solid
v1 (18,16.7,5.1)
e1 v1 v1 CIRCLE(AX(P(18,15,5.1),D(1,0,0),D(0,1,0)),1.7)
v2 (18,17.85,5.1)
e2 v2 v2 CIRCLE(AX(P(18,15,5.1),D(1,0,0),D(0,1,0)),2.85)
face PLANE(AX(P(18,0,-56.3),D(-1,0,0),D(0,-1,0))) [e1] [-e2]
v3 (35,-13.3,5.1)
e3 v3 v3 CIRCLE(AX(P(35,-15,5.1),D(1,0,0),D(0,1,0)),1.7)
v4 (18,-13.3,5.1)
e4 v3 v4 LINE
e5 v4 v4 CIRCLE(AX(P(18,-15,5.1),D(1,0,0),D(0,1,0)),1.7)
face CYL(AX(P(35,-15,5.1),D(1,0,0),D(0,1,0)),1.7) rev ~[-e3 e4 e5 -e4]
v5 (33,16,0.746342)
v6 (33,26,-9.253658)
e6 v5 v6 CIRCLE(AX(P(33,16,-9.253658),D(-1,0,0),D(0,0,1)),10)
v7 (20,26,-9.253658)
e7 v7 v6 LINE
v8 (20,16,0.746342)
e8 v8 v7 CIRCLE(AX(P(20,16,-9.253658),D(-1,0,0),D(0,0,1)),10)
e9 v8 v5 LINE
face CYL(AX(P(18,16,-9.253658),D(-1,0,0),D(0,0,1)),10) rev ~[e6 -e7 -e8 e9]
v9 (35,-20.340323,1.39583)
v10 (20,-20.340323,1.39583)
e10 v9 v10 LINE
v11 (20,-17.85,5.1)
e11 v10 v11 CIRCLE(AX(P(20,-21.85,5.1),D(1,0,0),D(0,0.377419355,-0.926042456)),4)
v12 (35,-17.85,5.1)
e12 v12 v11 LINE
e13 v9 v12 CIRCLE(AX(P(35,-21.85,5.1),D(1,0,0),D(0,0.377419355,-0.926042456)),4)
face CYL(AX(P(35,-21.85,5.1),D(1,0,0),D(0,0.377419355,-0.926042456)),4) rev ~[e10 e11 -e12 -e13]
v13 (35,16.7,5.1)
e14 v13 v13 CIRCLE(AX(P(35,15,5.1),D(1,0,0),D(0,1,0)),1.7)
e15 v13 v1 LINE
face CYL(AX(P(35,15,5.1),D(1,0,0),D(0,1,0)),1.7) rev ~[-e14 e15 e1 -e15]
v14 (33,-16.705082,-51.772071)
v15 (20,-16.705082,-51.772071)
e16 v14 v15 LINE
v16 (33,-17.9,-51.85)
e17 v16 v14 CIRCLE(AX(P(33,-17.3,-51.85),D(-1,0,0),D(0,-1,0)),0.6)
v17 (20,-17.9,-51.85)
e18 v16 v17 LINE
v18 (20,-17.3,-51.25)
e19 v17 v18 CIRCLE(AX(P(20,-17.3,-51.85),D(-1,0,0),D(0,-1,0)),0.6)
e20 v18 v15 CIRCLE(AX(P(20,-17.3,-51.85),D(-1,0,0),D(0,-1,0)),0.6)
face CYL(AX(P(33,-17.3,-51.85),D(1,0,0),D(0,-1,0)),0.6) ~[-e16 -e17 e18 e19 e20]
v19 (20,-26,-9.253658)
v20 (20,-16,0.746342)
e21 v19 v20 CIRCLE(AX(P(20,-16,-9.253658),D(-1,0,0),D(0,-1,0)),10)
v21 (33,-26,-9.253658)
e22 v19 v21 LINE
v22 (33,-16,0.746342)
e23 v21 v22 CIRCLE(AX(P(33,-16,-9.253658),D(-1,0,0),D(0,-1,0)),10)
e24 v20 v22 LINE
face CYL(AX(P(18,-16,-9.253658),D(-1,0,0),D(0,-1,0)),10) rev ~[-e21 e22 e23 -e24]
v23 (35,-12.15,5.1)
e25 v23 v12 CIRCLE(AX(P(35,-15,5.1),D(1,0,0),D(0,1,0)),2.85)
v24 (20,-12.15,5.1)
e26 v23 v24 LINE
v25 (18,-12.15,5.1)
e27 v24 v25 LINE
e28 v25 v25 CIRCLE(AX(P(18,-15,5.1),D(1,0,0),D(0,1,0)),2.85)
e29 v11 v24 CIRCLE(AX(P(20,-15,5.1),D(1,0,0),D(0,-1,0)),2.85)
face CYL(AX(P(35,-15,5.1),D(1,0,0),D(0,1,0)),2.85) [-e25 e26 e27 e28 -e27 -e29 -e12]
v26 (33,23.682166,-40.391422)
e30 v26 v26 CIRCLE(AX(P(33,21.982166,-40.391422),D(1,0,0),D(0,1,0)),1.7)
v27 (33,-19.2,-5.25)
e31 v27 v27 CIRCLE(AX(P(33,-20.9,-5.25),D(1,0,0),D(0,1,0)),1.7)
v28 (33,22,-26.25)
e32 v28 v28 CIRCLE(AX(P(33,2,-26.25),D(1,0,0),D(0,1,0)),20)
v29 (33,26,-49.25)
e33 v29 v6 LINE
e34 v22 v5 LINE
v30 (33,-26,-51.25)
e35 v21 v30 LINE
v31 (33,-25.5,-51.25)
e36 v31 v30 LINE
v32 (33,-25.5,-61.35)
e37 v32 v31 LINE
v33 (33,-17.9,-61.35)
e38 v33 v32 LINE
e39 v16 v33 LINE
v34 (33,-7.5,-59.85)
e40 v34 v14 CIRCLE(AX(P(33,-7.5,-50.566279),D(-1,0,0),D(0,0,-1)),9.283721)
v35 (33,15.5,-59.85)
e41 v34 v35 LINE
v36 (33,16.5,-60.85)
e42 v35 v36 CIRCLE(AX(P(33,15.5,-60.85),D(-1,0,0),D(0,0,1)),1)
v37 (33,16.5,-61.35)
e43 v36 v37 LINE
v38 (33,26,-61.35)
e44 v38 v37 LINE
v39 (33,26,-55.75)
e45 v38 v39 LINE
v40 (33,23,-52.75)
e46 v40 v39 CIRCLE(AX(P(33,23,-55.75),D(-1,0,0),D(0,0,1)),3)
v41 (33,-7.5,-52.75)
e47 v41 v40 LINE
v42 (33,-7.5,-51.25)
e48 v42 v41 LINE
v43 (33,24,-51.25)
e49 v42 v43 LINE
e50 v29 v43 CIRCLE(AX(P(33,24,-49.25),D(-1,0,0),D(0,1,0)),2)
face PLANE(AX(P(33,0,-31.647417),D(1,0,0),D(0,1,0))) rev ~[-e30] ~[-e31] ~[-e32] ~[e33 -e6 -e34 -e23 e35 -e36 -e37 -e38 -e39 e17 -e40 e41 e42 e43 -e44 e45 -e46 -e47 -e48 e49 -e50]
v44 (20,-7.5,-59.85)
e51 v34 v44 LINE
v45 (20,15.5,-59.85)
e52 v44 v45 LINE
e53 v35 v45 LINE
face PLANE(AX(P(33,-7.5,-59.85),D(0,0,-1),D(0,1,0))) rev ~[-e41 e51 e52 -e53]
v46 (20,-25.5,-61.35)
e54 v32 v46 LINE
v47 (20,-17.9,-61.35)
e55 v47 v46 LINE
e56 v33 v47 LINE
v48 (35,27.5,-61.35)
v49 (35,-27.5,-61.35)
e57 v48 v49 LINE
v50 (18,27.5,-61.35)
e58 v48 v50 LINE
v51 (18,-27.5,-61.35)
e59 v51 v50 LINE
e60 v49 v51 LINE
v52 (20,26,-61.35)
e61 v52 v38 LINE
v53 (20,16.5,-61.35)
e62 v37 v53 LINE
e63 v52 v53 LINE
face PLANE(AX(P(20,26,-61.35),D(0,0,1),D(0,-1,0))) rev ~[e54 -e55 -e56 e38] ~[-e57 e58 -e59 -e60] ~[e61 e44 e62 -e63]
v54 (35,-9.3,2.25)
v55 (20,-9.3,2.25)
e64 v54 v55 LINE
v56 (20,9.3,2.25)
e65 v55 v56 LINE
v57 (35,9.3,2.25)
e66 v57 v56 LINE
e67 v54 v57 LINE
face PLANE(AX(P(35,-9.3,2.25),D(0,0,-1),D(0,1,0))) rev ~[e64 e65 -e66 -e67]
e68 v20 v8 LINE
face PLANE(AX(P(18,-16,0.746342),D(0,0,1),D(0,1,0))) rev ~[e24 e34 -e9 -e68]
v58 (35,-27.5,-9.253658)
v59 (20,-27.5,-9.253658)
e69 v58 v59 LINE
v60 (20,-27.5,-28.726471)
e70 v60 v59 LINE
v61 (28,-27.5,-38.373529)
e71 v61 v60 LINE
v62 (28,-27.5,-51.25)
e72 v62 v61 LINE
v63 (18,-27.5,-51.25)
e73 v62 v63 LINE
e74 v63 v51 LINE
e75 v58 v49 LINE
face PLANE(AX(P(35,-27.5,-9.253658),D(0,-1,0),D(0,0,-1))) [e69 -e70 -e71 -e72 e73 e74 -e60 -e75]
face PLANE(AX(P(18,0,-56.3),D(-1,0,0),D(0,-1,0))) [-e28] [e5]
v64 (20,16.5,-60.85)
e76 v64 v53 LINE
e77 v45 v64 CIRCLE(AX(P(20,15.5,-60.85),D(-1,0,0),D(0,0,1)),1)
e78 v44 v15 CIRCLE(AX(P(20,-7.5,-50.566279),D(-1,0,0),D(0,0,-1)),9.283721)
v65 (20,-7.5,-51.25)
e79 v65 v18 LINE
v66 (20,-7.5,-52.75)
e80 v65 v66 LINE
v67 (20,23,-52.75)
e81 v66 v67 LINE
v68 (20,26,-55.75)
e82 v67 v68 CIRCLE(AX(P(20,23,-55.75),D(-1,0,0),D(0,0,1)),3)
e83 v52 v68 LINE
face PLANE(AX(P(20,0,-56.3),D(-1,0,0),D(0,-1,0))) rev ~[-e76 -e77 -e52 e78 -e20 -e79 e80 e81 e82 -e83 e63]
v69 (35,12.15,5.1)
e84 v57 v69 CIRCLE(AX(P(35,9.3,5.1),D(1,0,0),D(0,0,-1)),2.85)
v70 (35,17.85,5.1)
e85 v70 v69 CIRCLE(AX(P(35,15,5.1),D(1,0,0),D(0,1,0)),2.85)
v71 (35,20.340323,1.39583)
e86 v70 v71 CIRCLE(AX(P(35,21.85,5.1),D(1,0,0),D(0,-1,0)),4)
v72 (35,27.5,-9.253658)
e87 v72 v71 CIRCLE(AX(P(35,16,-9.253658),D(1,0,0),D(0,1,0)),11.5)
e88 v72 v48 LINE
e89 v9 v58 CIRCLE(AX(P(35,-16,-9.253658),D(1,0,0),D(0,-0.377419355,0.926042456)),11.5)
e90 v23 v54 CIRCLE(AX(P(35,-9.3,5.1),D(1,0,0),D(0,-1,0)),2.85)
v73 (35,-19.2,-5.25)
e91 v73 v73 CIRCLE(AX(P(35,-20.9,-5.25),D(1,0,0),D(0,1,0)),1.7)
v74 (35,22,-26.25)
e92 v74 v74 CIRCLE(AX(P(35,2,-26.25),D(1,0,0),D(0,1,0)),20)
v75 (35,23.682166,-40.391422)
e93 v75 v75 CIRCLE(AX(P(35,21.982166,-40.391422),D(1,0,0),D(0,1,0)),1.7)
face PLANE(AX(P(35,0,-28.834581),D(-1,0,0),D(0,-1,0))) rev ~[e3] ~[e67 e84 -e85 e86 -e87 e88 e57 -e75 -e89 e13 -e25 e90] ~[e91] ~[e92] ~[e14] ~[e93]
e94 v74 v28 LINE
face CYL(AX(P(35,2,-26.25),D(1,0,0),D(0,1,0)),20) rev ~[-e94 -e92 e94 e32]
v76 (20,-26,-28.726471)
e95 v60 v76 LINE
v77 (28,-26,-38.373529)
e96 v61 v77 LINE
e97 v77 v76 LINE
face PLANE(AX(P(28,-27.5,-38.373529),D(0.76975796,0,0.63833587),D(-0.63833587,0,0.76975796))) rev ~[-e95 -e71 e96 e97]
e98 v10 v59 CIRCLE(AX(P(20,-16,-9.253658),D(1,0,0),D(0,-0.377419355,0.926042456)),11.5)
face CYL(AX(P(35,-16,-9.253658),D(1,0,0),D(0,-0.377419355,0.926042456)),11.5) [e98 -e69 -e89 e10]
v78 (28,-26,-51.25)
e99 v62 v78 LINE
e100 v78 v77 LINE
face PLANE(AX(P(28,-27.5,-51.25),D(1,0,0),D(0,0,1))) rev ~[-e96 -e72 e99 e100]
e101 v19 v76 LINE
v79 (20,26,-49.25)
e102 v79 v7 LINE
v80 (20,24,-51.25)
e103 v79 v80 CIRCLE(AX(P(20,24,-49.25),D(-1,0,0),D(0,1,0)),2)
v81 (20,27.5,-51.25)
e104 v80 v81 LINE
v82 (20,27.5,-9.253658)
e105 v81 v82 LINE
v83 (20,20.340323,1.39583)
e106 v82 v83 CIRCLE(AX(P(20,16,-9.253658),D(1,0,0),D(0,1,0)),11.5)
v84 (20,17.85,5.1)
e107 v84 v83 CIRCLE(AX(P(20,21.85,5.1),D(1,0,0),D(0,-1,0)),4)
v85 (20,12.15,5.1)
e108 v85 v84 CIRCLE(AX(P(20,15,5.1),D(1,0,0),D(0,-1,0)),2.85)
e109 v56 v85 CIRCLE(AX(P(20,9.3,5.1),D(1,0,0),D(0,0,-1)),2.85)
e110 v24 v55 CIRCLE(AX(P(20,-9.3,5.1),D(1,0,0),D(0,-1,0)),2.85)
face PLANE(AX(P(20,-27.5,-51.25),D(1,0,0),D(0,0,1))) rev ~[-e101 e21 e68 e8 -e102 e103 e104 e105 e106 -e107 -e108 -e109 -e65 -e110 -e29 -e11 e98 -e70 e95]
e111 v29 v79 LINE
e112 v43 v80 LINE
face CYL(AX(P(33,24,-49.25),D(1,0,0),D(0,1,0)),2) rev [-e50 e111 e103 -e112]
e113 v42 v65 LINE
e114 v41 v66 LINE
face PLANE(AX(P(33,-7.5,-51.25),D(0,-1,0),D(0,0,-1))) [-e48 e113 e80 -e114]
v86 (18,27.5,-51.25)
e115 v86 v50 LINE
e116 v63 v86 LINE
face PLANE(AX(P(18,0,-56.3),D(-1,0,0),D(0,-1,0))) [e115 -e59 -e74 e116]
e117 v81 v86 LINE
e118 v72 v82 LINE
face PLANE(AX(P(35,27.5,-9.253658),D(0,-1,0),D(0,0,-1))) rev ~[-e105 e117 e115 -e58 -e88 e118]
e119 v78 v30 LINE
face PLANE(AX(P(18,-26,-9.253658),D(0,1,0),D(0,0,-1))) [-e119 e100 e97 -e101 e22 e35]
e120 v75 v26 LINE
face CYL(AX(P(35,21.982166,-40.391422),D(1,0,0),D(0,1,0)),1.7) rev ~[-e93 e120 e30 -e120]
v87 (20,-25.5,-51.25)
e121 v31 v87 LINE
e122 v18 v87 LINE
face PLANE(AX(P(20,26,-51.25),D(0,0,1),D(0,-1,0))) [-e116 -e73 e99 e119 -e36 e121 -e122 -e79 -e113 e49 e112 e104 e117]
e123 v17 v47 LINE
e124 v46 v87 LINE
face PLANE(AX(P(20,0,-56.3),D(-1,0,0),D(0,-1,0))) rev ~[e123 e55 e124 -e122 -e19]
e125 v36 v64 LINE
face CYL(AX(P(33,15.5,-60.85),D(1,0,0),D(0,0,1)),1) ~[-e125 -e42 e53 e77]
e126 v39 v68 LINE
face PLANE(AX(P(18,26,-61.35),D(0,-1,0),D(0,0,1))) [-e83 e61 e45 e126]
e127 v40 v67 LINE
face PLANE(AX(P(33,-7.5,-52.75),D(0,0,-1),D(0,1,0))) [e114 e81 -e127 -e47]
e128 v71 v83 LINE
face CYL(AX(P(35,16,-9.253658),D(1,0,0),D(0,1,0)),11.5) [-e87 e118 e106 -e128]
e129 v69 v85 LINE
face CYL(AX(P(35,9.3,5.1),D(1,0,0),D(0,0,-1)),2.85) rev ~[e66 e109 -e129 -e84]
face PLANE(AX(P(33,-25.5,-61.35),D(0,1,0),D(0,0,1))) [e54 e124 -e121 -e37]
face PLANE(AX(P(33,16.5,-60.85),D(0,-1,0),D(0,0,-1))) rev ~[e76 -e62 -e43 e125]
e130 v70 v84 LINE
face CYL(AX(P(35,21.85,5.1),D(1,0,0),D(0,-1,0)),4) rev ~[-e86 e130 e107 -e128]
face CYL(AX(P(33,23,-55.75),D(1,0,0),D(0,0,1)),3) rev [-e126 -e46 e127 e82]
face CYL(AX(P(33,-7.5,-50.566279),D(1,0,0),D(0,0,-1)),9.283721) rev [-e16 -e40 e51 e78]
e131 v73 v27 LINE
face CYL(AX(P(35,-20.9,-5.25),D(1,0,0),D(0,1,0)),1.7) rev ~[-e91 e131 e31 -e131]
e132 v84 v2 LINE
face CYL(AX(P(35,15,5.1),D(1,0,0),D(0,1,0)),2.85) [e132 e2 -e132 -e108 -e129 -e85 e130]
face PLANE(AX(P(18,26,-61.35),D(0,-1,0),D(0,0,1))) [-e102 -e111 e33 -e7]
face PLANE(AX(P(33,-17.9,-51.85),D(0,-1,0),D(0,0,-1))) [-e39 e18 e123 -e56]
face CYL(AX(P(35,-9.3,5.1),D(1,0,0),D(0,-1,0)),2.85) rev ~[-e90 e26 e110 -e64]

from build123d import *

# Parameters (mm, degrees)
PAD014_DEPTH    = 17
POCKET010_DEPTH = 15
SKETCH035_R     = 1.7
SKETCH035_R_2   = 20
POCKET011_DEPTH = 17
SKETCH036_W     = 0.5
SKETCH036_H     = 10.1
PAD015_DEPTH    = 13
SKETCH037_W     = 52
SKETCH037_H     = 10.1
PAD016_DEPTH    = 2
SKETCH038_W     = 53.5
SKETCH038_H     = 2
POCKET012_DEPTH = 55
POCKET013_DEPTH = 2
POCKET014_DEPTH = 1.5


with BuildPart() as part:
    # Sketch033 → Pad014 (new body)
    with BuildSketch(Plane.YZ):
        with BuildLine():
            Line((27.5, -61.35), (-27.5, -61.35))
            Line((-27.5, -51.25), (-27.5, -61.35))
            Line((-27.5, -9.2536580703), (-27.5, -51.25))
            ThreePointArc((-20.3403225806, 1.3958301754), (-25.5436814091, -2.837417336), (-27.5, -9.2536580703))
            ThreePointArc((-20.3403225806, 1.3958301754), (-18.5304586403, 2.8682640924), (-17.85, 5.1))
            ThreePointArc((-12.15, 5.1), (-15, 7.95), (-17.85, 5.1))
            ThreePointArc((-12.15, 5.1), (-11.3152543264, 3.0847456736), (-9.3, 2.25))
            Line((-9.3, 2.25), (9.3, 2.25))
            ThreePointArc((9.3, 2.25), (11.3152543264, 3.0847456736), (12.15, 5.1))
            ThreePointArc((17.85, 5.1), (15, 7.95), (12.15, 5.1))
            ThreePointArc((17.85, 5.1), (18.5304586403, 2.8682640924), (20.3403225806, 1.3958301754))
            ThreePointArc((27.5, -9.2536580703), (25.5436814091, -2.837417336), (20.3403225806, 1.3958301754))
            Line((27.5, -9.2536580703), (27.5, -51.25))
            Line((27.5, -51.25), (27.5, -61.35))
        make_face()
    extrude(amount=-PAD014_DEPTH)

    # Sketch034 (on Face16 of Pad014) → Pocket010 (cut)
    with BuildSketch(Plane(origin=(-17, 0, 0), x_dir=(0, -1, 0), z_dir=(-1, 0, 0))):
        with BuildLine():
            Line((26, -9.2536580703), (26, -61.35))
            Line((-26, -61.35), (26, -61.35))
            Line((-26, -61.35), (-26, -9.2536580703))
            ThreePointArc((-16, 0.7463419297), (-23.0710678119, -2.1825902585), (-26, -9.2536580703))
            Line((16, 0.7463419297), (-16, 0.7463419297))
            ThreePointArc((26, -9.2536580703), (23.0710678119, -2.1825902585), (16, 0.7463419297))
        make_face()
    extrude(amount=-POCKET010_DEPTH, mode=Mode.SUBTRACT)

    # Sketch035 (on Face4 of Pocket010) → Pocket011 (cut)
    with BuildSketch(Plane.YZ):
        with Locations((-15, 5.1)):
            Circle(SKETCH035_R)
        with Locations((15, 5.1)):
            Circle(SKETCH035_R)
        with Locations((-20.9, -5.25)):
            Circle(SKETCH035_R)
        with Locations((2, -26.25)):
            Circle(SKETCH035_R_2)
        with Locations((21.982166, -40.391422)):
            Circle(SKETCH035_R)
    extrude(amount=-POCKET011_DEPTH, mode=Mode.SUBTRACT)

    # Sketch036 (on Face27 of Pocket011) → Pad015 (join)
    with BuildSketch(Plane(origin=(-2, 0, 0), x_dir=(0, -1, 0), z_dir=(-1, 0, 0))):
        with BuildLine():
            ThreePointArc((17.9, -51.85), (17.3390474824, -51.2512719364), (16.7050823529, -51.7720705882))
            ThreePointArc((7.5, -59.85), (13.623448471, -57.5441622111), (16.7050823529, -51.7720705882))
            Line((7.5, -59.85), (-15.5, -59.85))
            ThreePointArc((-15.5, -59.85), (-16.2071067812, -60.1428932188), (-16.5, -60.85))
            Line((-16.5, -60.85), (-16.5, -61.35))
            Line((17.9, -61.35), (-16.5, -61.35))
            Line((17.9, -51.85), (17.9, -61.35))
        make_face()
        with Locations((25.75, -56.3)):
            Rectangle(SKETCH036_W, SKETCH036_H)
        with BuildLine():
            Line((-26, -49.25), (-26, -55.75))
            ThreePointArc((-23, -52.75), (-25.1213203436, -53.6286796564), (-26, -55.75))
            Line((7.5, -52.75), (-23, -52.75))
            Line((7.5, -51.25), (7.5, -52.75))
            Line((7.5, -51.25), (-24, -51.25))
            ThreePointArc((-26, -49.25), (-25.4142135624, -50.6642135624), (-24, -51.25))
        make_face()
    extrude(amount=PAD015_DEPTH)

    # Sketch037 (on Face31 of Pad015) → Pad016 (join)
    with BuildSketch(Plane(origin=(-15, 0, 0), x_dir=(0, -1, 0), z_dir=(-1, 0, 0))):
        with Locations((0, -56.3)):
            Rectangle(SKETCH037_W, SKETCH037_H)
    extrude(amount=PAD016_DEPTH)

    # Sketch038 (on Face11 of Pad016) → Pocket012 (cut)
    with BuildSketch(Plane(origin=(0, -27.5, 0), x_dir=(0, 0, 1), z_dir=(0, -1, 0))):
        with Locations((-24.5, 16)):
            Rectangle(SKETCH038_W, SKETCH038_H)
    extrude(amount=-POCKET012_DEPTH, mode=Mode.SUBTRACT)

    # Sketch039 (on Face33 of Pocket012) → Pocket013 (cut)
    with BuildSketch(Plane(origin=(-17, 0, 0), x_dir=(0, -1, 0), z_dir=(-1, 0, 0))):
        with BuildLine():
            ThreePointArc((-17.85, 5.1), (-15, 2.25), (-12.15, 5.1))
            Line((-9.3, 5.1), (-12.15, 5.1))
            Line((-9.3, 5.1), (-9.3, 0))
            Line((-9.3, 0), (-19.0433115599, 0))
            Line((-19.0433115599, 0), (-19.0433115599, 5.1))
            Line((-17.85, 5.1), (-19.0433115599, 5.1))
        make_face()
        with BuildLine():
            ThreePointArc((12.15, 5.1), (15, 2.25), (17.85, 5.1))
            Line((17.85, 5.1), (19.0433115599, 5.1))
            Line((19.0433115599, 5.1), (19.0433115599, 0))
            Line((19.0433115599, 0), (9.3, 0))
            Line((9.3, 0), (9.3, 5.1))
            Line((9.3, 5.1), (12.15, 5.1))
        make_face()
    extrude(amount=-POCKET013_DEPTH, mode=Mode.SUBTRACT)

    # Sketch040 (on Face11 of Pocket013) → Pocket014 (cut)
    with BuildSketch(Plane(origin=(0, -27.5, 0), x_dir=(0, 0, 1), z_dir=(0, -1, 0))):
        Polygon((-51.25, 15), (-51.25, 7), (-38.3735294118, 7), (-28.7264705882, 15), align=None)
    extrude(amount=-POCKET014_DEPTH, mode=Mode.SUBTRACT)


with BuildPart() as part_1:
    # Body006 placement: moved
    add(part.part.moved(Location((35, 0, 0))))


solid = part_1.part
